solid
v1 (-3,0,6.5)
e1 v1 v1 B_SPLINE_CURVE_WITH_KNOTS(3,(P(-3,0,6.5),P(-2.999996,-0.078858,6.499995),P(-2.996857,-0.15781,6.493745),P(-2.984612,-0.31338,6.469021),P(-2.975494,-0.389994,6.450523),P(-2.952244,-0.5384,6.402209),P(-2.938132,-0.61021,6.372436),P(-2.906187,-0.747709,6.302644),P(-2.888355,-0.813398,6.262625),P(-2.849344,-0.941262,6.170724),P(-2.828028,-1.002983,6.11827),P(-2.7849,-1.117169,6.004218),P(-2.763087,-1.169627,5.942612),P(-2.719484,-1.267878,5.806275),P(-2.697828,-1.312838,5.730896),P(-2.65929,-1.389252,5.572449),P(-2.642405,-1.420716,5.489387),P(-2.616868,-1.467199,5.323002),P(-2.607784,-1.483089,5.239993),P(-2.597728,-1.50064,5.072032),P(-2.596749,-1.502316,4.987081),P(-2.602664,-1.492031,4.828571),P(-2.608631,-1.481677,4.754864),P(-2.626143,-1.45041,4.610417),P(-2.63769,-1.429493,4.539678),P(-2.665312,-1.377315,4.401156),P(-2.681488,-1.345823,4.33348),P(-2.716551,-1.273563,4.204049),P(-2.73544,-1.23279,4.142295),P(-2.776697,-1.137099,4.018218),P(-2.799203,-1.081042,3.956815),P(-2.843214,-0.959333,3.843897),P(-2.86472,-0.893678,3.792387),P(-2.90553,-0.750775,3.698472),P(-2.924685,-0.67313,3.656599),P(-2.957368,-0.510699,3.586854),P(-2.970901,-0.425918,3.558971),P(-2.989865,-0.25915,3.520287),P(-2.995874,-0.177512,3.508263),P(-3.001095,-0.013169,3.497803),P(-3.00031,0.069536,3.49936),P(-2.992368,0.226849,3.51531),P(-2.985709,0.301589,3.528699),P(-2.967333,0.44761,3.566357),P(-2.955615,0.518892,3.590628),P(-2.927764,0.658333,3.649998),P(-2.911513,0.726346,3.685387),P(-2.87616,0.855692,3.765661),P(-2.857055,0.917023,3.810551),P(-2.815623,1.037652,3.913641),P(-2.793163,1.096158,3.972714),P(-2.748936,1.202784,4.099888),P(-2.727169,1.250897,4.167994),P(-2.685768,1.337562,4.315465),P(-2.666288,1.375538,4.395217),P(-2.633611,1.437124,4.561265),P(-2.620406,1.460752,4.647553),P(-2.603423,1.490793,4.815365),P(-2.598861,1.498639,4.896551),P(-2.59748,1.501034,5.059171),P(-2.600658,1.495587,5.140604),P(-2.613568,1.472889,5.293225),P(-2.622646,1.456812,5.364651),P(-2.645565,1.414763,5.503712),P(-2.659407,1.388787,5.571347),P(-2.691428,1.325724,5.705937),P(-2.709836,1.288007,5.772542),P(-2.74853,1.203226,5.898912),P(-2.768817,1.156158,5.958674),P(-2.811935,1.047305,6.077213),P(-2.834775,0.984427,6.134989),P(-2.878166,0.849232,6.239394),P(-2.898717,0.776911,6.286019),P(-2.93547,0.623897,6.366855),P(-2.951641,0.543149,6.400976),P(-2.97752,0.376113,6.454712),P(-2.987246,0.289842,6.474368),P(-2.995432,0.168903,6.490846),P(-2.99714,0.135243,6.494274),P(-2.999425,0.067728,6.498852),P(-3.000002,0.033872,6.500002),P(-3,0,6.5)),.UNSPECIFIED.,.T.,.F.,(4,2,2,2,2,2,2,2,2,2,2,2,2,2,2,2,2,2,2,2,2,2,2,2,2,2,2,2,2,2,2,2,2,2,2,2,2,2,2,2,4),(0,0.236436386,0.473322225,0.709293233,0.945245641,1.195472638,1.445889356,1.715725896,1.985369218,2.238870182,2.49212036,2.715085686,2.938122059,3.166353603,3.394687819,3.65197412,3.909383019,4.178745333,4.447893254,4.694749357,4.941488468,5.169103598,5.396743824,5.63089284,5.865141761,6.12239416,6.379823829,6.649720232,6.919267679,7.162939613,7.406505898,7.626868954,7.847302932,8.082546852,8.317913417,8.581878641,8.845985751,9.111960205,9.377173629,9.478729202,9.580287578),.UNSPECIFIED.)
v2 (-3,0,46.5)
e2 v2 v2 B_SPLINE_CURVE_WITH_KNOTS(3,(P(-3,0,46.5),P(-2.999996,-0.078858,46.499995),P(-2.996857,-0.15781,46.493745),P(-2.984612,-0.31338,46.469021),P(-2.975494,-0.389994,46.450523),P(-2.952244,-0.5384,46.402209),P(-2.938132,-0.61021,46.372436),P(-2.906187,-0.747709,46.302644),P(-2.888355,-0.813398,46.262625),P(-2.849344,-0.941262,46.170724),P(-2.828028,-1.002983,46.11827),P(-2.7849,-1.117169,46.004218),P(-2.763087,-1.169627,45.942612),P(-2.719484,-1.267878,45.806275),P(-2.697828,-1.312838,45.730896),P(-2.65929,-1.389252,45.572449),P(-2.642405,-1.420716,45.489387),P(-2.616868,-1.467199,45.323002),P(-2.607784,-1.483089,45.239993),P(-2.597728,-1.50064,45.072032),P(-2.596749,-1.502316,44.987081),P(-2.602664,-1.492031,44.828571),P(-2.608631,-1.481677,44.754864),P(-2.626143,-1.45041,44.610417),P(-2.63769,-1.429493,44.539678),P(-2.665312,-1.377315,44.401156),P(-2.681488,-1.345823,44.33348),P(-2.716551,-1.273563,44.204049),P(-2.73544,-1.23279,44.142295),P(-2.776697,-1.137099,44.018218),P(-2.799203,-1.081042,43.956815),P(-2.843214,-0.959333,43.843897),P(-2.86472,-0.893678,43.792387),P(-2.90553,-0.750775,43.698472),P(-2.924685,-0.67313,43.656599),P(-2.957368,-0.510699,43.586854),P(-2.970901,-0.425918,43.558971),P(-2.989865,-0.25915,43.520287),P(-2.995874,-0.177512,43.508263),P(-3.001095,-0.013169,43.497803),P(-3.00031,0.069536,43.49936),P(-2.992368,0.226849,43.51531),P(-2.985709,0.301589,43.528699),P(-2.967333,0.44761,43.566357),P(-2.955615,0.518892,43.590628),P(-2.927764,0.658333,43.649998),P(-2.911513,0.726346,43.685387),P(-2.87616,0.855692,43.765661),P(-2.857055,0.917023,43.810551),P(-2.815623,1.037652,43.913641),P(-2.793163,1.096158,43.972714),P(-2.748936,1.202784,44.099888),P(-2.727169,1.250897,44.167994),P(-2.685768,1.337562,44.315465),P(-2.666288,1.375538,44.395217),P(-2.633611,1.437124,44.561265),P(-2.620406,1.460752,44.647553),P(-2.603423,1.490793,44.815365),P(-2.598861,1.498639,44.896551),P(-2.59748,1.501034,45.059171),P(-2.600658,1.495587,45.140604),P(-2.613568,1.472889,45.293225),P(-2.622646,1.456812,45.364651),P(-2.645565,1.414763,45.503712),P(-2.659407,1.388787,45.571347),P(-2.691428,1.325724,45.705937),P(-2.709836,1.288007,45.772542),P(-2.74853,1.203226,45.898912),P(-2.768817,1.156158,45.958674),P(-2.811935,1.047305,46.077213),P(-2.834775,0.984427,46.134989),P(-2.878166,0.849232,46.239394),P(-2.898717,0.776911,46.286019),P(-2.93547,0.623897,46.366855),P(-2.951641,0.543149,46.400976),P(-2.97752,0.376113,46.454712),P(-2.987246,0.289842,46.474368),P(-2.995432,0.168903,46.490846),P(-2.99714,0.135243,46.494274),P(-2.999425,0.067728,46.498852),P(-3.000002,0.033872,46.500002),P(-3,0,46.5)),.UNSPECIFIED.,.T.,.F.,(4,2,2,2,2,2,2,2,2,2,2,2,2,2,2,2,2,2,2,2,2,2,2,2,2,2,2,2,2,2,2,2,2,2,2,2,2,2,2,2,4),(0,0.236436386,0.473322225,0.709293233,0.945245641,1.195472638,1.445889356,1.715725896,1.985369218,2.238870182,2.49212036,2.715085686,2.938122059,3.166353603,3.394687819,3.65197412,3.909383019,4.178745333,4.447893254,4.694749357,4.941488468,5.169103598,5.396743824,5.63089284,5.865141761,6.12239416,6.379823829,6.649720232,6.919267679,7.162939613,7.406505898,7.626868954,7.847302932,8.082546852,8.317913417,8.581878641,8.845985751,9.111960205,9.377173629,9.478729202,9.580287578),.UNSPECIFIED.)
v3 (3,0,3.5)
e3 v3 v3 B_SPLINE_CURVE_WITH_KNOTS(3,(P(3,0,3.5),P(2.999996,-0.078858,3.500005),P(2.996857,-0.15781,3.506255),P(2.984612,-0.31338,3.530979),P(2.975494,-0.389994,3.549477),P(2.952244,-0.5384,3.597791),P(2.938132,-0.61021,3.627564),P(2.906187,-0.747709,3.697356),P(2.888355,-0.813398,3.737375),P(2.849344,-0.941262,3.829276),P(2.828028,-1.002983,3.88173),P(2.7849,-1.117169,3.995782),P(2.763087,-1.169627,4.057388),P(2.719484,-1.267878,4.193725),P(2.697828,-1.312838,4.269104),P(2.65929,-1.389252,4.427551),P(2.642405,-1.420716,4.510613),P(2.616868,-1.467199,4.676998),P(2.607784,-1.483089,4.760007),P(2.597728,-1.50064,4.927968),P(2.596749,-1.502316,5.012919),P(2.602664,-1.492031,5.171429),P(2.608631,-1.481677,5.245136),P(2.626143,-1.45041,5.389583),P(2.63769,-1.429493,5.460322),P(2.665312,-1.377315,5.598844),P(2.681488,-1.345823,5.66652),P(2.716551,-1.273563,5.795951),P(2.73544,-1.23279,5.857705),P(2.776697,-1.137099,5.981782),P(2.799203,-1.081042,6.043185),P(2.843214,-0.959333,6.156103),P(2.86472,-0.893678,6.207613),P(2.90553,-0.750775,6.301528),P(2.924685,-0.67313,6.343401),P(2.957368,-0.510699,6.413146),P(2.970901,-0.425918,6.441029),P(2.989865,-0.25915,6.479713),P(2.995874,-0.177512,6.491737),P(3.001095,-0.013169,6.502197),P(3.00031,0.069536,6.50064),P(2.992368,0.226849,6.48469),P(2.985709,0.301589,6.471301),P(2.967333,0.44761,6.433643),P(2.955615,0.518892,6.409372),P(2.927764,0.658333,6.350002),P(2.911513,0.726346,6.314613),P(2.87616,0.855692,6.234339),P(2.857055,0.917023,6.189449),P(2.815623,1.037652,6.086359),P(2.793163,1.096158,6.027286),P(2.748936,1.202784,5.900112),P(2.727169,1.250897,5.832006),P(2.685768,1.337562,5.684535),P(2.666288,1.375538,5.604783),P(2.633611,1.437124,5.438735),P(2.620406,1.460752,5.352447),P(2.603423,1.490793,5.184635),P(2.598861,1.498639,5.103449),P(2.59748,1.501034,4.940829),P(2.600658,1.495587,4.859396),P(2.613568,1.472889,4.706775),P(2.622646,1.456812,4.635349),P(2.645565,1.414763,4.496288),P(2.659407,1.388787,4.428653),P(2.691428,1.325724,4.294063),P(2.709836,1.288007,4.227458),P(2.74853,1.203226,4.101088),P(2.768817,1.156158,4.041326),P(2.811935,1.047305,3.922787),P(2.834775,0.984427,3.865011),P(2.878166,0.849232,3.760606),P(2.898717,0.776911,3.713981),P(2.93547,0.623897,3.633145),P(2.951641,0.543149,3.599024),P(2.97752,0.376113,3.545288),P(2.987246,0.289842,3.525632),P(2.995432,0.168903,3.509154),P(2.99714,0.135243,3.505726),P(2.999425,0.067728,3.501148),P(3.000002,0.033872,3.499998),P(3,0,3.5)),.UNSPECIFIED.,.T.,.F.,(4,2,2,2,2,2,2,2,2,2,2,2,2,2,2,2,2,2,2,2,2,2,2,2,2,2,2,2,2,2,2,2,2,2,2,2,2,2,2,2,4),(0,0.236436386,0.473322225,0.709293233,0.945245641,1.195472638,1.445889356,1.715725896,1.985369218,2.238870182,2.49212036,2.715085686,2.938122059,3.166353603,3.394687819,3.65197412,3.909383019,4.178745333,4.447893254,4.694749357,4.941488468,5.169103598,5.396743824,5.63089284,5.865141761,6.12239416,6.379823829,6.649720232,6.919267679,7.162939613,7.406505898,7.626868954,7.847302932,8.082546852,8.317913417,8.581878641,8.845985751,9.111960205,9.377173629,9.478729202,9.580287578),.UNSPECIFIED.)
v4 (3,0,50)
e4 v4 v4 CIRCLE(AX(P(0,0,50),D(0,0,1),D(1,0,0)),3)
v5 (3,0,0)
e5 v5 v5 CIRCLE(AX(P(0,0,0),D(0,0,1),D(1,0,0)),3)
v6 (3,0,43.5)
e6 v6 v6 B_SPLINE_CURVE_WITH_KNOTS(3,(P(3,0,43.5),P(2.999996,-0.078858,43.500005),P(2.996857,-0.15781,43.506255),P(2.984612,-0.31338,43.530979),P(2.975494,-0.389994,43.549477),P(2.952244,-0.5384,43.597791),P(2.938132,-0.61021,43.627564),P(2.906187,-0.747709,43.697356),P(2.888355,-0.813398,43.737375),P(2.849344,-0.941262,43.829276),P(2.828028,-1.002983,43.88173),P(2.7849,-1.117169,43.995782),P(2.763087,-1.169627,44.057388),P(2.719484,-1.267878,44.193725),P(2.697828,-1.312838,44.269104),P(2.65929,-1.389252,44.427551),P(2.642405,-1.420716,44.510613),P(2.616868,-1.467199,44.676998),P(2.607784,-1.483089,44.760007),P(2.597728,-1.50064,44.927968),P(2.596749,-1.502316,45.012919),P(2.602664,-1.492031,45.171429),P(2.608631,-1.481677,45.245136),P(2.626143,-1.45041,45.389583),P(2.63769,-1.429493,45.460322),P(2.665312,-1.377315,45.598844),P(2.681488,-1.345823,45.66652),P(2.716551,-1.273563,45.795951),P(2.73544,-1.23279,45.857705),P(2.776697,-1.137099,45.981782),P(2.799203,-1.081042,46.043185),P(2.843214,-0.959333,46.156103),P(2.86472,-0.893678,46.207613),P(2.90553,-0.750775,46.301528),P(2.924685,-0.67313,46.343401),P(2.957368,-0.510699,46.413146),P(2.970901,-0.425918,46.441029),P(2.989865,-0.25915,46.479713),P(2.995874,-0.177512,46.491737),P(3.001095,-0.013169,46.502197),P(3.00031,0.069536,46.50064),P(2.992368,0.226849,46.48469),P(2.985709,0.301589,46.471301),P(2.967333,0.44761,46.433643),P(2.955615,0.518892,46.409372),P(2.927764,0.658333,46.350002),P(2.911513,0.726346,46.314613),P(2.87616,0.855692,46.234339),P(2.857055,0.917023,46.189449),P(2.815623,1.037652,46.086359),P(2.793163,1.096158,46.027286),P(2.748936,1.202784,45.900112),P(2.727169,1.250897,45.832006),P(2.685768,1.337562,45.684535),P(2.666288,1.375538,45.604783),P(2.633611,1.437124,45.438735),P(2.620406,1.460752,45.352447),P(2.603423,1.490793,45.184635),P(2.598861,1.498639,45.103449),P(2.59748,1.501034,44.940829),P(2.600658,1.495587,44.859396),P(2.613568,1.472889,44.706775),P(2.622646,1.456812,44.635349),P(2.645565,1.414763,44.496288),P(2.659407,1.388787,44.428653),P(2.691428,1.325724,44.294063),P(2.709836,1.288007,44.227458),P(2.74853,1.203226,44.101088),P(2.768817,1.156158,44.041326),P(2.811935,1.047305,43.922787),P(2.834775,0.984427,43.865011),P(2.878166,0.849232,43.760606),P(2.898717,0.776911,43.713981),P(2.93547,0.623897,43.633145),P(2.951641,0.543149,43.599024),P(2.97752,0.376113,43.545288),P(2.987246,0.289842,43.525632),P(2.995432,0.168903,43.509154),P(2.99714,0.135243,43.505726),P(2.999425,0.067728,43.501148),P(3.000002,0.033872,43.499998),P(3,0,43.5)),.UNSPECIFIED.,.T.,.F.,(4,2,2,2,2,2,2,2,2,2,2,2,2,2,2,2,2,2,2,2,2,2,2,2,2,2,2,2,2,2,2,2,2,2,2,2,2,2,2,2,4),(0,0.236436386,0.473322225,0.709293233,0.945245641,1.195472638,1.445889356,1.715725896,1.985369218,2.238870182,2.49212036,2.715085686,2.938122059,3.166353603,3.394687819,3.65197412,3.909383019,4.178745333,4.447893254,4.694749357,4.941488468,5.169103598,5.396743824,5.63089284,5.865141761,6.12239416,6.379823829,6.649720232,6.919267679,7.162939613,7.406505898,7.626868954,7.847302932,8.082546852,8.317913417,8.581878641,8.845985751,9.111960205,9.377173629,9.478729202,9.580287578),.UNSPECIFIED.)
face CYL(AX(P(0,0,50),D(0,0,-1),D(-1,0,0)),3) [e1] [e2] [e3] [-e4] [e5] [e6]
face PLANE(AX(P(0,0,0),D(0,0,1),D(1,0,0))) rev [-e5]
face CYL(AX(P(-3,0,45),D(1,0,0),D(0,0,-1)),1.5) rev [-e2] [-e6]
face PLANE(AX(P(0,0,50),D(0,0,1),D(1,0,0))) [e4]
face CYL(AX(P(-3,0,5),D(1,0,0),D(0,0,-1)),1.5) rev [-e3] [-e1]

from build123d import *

# Parameters (mm, degrees)
SKETCH1_R               = 3
BOSS_EXTRUDE1_DEPTH     = 50
SKETCH2_R               = 1.5
CUT_EXTRUDE1_DEPTH      = 4
CUT_EXTRUDE1_DEPTH_BACK = 4


with BuildPart() as part:
    # Sketch1 → Boss-Extrude1 (new body)
    with BuildSketch(Plane.XY):
        Circle(SKETCH1_R)
    extrude(amount=BOSS_EXTRUDE1_DEPTH)

    # Sketch2 → Cut-Extrude1 (cut, two sides)
    with BuildSketch(Plane(origin=(0, 0, 0), x_dir=(0, 0, -1), z_dir=(1, 0, 0))) as cut_extrude1_sk:
        with Locations((-45, 0)):
            Circle(SKETCH2_R)
        with Locations((-5, 0)):
            Circle(SKETCH2_R)
    extrude(amount=CUT_EXTRUDE1_DEPTH, mode=Mode.SUBTRACT)
    extrude(cut_extrude1_sk.sketch, amount=-CUT_EXTRUDE1_DEPTH_BACK, mode=Mode.SUBTRACT)


solid = part.part
